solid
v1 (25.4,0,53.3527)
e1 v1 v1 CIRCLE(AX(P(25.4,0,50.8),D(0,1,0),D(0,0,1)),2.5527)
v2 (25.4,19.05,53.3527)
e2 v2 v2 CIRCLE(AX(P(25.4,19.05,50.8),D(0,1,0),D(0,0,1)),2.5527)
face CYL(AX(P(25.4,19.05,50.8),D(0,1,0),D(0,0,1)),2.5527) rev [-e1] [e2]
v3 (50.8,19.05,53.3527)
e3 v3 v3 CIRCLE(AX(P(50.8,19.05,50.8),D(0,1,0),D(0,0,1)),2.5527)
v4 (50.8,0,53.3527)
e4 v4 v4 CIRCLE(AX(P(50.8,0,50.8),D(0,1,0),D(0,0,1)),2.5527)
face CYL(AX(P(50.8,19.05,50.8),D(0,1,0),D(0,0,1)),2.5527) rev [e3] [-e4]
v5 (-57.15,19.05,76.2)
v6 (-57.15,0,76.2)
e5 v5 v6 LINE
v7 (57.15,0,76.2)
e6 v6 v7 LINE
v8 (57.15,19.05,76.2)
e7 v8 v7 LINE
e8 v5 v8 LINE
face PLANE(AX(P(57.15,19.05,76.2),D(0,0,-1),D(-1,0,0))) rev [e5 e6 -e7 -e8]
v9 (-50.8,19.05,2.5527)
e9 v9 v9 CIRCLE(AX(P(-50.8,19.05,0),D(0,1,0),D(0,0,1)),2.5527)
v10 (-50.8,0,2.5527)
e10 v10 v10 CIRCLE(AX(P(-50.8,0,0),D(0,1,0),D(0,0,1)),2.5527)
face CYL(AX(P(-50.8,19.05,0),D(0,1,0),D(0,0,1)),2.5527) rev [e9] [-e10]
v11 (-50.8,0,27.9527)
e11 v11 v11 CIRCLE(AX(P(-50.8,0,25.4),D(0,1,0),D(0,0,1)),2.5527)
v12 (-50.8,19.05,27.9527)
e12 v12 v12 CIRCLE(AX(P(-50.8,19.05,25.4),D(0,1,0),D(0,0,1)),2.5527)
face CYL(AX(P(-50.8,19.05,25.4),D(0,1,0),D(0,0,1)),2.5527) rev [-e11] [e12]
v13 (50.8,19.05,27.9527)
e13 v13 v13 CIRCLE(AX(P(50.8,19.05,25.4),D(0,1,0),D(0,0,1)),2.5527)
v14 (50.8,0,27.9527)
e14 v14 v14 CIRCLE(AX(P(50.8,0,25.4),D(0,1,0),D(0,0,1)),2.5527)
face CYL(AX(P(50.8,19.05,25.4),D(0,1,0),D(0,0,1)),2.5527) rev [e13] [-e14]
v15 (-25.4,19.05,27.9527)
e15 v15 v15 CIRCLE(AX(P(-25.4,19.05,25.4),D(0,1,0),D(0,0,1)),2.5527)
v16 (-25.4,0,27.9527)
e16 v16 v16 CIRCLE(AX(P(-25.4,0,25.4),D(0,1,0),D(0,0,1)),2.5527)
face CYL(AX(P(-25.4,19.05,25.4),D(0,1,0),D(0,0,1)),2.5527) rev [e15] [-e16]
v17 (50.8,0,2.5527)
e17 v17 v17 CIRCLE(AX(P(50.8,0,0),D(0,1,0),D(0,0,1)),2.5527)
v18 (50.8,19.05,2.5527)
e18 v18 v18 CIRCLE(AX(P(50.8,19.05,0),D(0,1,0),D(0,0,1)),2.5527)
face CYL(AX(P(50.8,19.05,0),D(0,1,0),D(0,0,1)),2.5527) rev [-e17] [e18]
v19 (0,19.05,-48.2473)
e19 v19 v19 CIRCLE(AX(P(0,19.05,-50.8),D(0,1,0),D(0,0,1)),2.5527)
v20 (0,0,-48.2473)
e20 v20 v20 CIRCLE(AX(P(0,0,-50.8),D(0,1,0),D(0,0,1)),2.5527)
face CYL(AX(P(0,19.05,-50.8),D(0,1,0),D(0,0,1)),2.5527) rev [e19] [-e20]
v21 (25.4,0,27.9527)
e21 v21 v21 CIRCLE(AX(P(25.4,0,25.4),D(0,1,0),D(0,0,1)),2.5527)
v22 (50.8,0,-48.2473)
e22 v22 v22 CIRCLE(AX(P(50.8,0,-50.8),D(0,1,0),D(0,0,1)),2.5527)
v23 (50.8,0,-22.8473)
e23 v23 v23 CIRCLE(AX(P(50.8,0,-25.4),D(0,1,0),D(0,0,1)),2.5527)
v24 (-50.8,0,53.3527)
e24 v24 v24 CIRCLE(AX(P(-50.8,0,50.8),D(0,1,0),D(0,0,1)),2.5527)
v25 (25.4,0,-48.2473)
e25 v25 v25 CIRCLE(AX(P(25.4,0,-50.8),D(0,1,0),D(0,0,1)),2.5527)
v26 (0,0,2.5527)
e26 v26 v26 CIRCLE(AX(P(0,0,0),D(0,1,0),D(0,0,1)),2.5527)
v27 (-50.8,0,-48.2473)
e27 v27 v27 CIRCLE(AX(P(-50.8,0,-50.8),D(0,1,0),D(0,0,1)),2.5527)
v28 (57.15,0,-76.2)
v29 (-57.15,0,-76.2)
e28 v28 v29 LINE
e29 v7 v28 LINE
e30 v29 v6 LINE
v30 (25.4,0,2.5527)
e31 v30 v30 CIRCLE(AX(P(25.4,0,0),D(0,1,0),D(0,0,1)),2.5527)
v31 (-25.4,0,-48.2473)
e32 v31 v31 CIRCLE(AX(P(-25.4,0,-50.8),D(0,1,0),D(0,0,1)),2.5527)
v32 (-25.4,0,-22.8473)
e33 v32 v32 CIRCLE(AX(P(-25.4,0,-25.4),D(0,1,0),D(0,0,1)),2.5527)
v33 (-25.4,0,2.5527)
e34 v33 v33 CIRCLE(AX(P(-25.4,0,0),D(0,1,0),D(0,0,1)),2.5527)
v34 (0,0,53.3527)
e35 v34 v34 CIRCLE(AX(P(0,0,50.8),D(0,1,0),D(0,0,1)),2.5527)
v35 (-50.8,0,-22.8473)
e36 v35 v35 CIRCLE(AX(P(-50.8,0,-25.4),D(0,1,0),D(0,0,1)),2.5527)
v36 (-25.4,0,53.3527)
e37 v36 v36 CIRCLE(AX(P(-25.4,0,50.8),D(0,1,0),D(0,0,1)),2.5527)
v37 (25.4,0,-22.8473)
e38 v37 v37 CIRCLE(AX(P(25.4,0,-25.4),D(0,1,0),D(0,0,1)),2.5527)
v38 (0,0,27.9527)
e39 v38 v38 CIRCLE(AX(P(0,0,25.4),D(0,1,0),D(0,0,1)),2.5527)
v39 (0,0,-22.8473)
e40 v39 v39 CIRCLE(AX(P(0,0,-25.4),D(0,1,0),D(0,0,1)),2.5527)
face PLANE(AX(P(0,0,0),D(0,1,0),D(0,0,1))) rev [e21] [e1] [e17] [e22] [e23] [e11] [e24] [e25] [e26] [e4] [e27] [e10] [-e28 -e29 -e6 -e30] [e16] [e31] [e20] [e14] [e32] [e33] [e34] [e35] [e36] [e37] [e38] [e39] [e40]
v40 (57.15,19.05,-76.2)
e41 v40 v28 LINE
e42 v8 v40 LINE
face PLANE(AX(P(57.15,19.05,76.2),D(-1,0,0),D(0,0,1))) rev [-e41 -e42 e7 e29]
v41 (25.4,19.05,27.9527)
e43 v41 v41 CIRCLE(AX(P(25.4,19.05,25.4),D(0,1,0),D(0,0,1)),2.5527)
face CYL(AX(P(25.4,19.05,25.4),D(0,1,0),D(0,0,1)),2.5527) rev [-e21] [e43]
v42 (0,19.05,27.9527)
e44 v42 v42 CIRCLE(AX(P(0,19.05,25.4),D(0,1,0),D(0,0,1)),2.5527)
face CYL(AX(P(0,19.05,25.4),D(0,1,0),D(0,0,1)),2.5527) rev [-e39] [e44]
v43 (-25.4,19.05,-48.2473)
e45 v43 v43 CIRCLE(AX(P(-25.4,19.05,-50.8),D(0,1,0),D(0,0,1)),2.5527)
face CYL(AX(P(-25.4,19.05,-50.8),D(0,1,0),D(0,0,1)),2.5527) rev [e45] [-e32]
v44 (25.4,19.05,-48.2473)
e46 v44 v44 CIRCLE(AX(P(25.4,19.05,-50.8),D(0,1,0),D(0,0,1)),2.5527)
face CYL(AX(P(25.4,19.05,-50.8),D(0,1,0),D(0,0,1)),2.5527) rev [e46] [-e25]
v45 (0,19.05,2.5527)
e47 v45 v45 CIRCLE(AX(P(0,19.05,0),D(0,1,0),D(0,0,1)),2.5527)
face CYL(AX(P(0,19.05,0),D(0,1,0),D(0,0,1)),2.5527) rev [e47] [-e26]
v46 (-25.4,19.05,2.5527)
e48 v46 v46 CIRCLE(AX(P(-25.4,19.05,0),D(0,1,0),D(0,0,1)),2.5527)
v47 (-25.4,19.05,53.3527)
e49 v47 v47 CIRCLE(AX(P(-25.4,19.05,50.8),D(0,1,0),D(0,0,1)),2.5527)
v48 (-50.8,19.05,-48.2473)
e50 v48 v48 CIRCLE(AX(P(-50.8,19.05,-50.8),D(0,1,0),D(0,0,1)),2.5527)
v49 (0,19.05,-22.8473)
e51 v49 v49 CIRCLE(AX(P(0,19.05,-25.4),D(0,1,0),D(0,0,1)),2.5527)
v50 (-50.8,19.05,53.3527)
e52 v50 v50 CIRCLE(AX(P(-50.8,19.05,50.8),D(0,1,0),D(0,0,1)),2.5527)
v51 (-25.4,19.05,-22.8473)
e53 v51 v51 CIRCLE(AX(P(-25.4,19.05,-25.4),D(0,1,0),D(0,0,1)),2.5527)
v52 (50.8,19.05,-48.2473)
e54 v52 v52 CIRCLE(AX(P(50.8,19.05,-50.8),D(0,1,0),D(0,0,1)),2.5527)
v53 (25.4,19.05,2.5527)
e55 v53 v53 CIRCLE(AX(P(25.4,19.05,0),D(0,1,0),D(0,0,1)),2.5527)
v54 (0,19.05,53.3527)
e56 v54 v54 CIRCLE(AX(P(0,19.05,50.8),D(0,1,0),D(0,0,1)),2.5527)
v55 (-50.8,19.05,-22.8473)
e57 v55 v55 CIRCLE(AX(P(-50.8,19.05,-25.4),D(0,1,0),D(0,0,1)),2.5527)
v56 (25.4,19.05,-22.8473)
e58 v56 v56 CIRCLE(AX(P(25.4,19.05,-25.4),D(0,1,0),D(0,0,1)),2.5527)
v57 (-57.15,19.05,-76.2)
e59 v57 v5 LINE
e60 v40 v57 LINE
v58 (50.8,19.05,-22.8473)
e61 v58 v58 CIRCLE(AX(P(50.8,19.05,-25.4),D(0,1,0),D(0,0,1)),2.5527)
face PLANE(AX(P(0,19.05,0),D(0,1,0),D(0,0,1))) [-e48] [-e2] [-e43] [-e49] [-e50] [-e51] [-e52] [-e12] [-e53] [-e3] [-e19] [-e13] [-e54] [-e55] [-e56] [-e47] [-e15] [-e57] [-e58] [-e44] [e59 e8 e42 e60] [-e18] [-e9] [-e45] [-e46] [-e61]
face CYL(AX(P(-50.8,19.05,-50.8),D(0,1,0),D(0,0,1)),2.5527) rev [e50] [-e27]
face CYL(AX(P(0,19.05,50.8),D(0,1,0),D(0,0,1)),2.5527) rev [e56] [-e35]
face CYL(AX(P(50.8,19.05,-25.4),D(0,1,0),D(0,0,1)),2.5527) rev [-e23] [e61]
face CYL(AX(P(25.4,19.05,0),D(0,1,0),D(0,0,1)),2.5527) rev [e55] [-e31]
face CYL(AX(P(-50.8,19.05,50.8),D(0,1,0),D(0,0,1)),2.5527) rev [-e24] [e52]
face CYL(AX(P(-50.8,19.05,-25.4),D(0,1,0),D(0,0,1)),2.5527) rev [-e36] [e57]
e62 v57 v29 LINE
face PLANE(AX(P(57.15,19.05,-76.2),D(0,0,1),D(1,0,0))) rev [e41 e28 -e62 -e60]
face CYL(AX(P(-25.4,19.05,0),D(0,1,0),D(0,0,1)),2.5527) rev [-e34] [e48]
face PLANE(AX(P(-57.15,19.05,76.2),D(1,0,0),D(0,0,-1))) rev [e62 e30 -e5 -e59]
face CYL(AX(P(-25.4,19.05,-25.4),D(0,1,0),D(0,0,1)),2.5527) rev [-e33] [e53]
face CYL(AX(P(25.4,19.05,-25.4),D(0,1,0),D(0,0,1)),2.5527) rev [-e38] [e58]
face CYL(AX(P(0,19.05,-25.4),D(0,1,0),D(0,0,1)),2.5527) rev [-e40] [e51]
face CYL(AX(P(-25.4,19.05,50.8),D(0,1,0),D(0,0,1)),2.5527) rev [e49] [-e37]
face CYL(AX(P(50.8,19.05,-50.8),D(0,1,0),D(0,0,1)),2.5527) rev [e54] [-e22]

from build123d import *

# Parameters (mm, degrees)
SKETCH1_W               = 114.3
SKETCH1_H               = 152.4
BOSS_EXTRUDE1_DEPTH     = 19.05
F_1_4_20_TAPPED_HOLE1_D = 5.1054
LPATTERN1_COUNT         = 3
LPATTERN1_PITCH         = 25.4
LPATTERN1_COL_COUNT     = 3
LPATTERN1_COL_PITCH     = 25.4
LPATTERN2_COUNT         = 3
LPATTERN2_PITCH         = 25.4
LPATTERN2_COPY_1_D      = 5.1054
LPATTERN2_COPY_2_D      = 5.1054
LPATTERN2_COPY_3_D      = 5.1054
LPATTERN2_COPY_4_D      = 5.1054
LPATTERN2_COPY_5_D      = 5.1054
LPATTERN2_COPY_6_D      = 5.1054
LPATTERN2_COPY_7_D      = 5.1054
LPATTERN2_COPY_8_D      = 5.1054
LPATTERN2_COL_COUNT     = 3
LPATTERN2_COL_PITCH     = 25.4
LPATTERN2_COL_COPY_1_D  = 5.1054
LPATTERN2_COL_COPY_2_D  = 5.1054
LPATTERN2_COL_COPY_3_D  = 5.1054
LPATTERN2_COL_COPY_4_D  = 5.1054
LPATTERN2_COL_COPY_5_D  = 5.1054
LPATTERN2_COL_COPY_6_D  = 5.1054
LPATTERN2_COL_COPY_7_D  = 5.1054
LPATTERN2_COL_COPY_8_D  = 5.1054


with BuildPart() as part:
    # Sketch1 → Boss-Extrude1 (new body)
    with BuildSketch(Plane(origin=(0, 0, 0), x_dir=(1, 0, 0), z_dir=(0, 1, 0))):
        Rectangle(SKETCH1_W, SKETCH1_H)
    extrude(amount=BOSS_EXTRUDE1_DEPTH)

    # 1/4-20 Tapped Hole1 (through all)
    with Locations(Plane(origin=(0, 19.05, 0), x_dir=(1, 0, 0), z_dir=(0, 1, 0))):
        with Locations((0, 0)):
            f_1_4_20_tapped_hole1 = Hole(F_1_4_20_TAPPED_HOLE1_D / 2)

    # LPattern1: 1/4-20 Tapped Hole1 ×3
    with Locations(*[(0, 0, i * LPATTERN1_PITCH) for i in range(1, LPATTERN1_COUNT)]):
        add(f_1_4_20_tapped_hole1, mode=Mode.SUBTRACT)

    # LPattern1 col: 1/4-20 Tapped Hole1 ×3
    with Locations(*[(0, 0, -i * LPATTERN1_COL_PITCH) for i in range(1, LPATTERN1_COL_COUNT)]):
        add(f_1_4_20_tapped_hole1, mode=Mode.SUBTRACT)

    # LPattern2: 1/4-20 Tapped Hole1 ×3
    with Locations(*[(i * LPATTERN2_PITCH, 0, 0) for i in range(1, LPATTERN2_COUNT)]):
        add(f_1_4_20_tapped_hole1, mode=Mode.SUBTRACT)

    # LPattern2 copy 1 (through all)
    with Locations(Plane(origin=(25.4, 19.05, 25.4), x_dir=(1, 0, 0), z_dir=(0, 1, 0))):
        with Locations((0, 0)):
            Hole(LPATTERN2_COPY_1_D / 2)

    # LPattern2 copy 2 (through all)
    with Locations(Plane(origin=(50.8, 19.05, 25.4), x_dir=(1, 0, 0), z_dir=(0, 1, 0))):
        with Locations((0, 0)):
            Hole(LPATTERN2_COPY_2_D / 2)

    # LPattern2 copy 3 (through all)
    with Locations(Plane(origin=(25.4, 19.05, 50.8), x_dir=(1, 0, 0), z_dir=(0, 1, 0))):
        with Locations((0, 0)):
            Hole(LPATTERN2_COPY_3_D / 2)

    # LPattern2 copy 4 (through all)
    with Locations(Plane(origin=(50.8, 19.05, 50.8), x_dir=(1, 0, 0), z_dir=(0, 1, 0))):
        with Locations((0, 0)):
            Hole(LPATTERN2_COPY_4_D / 2)

    # LPattern2 copy 5 (through all)
    with Locations(Plane(origin=(25.4, 19.05, -25.4), x_dir=(1, 0, 0), z_dir=(0, 1, 0))):
        with Locations((0, 0)):
            Hole(LPATTERN2_COPY_5_D / 2)

    # LPattern2 copy 6 (through all)
    with Locations(Plane(origin=(50.8, 19.05, -25.4), x_dir=(1, 0, 0), z_dir=(0, 1, 0))):
        with Locations((0, 0)):
            Hole(LPATTERN2_COPY_6_D / 2)

    # LPattern2 copy 7 (through all)
    with Locations(Plane(origin=(25.4, 19.05, -50.8), x_dir=(1, 0, 0), z_dir=(0, 1, 0))):
        with Locations((0, 0)):
            Hole(LPATTERN2_COPY_7_D / 2)

    # LPattern2 copy 8 (through all)
    with Locations(Plane(origin=(50.8, 19.05, -50.8), x_dir=(1, 0, 0), z_dir=(0, 1, 0))):
        with Locations((0, 0)):
            Hole(LPATTERN2_COPY_8_D / 2)

    # LPattern2 col: 1/4-20 Tapped Hole1 ×3
    with Locations(*[(-i * LPATTERN2_COL_PITCH, 0, 0) for i in range(1, LPATTERN2_COL_COUNT)]):
        add(f_1_4_20_tapped_hole1, mode=Mode.SUBTRACT)

    # LPattern2 col copy 1 (through all)
    with Locations(Plane(origin=(-25.4, 19.05, 25.4), x_dir=(1, 0, 0), z_dir=(0, 1, 0))):
        with Locations((0, 0)):
            Hole(LPATTERN2_COL_COPY_1_D / 2)

    # LPattern2 col copy 2 (through all)
    with Locations(Plane(origin=(-50.8, 19.05, 25.4), x_dir=(1, 0, 0), z_dir=(0, 1, 0))):
        with Locations((0, 0)):
            Hole(LPATTERN2_COL_COPY_2_D / 2)

    # LPattern2 col copy 3 (through all)
    with Locations(Plane(origin=(-25.4, 19.05, 50.8), x_dir=(1, 0, 0), z_dir=(0, 1, 0))):
        with Locations((0, 0)):
            Hole(LPATTERN2_COL_COPY_3_D / 2)

    # LPattern2 col copy 4 (through all)
    with Locations(Plane(origin=(-50.8, 19.05, 50.8), x_dir=(1, 0, 0), z_dir=(0, 1, 0))):
        with Locations((0, 0)):
            Hole(LPATTERN2_COL_COPY_4_D / 2)

    # LPattern2 col copy 5 (through all)
    with Locations(Plane(origin=(-25.4, 19.05, -25.4), x_dir=(1, 0, 0), z_dir=(0, 1, 0))):
        with Locations((0, 0)):
            Hole(LPATTERN2_COL_COPY_5_D / 2)

    # LPattern2 col copy 6 (through all)
    with Locations(Plane(origin=(-50.8, 19.05, -25.4), x_dir=(1, 0, 0), z_dir=(0, 1, 0))):
        with Locations((0, 0)):
            Hole(LPATTERN2_COL_COPY_6_D / 2)

    # LPattern2 col copy 7 (through all)
    with Locations(Plane(origin=(-25.4, 19.05, -50.8), x_dir=(1, 0, 0), z_dir=(0, 1, 0))):
        with Locations((0, 0)):
            Hole(LPATTERN2_COL_COPY_7_D / 2)

    # LPattern2 col copy 8 (through all)
    with Locations(Plane(origin=(-50.8, 19.05, -50.8), x_dir=(1, 0, 0), z_dir=(0, 1, 0))):
        with Locations((0, 0)):
            Hole(LPATTERN2_COL_COPY_8_D / 2)


solid = part.part
